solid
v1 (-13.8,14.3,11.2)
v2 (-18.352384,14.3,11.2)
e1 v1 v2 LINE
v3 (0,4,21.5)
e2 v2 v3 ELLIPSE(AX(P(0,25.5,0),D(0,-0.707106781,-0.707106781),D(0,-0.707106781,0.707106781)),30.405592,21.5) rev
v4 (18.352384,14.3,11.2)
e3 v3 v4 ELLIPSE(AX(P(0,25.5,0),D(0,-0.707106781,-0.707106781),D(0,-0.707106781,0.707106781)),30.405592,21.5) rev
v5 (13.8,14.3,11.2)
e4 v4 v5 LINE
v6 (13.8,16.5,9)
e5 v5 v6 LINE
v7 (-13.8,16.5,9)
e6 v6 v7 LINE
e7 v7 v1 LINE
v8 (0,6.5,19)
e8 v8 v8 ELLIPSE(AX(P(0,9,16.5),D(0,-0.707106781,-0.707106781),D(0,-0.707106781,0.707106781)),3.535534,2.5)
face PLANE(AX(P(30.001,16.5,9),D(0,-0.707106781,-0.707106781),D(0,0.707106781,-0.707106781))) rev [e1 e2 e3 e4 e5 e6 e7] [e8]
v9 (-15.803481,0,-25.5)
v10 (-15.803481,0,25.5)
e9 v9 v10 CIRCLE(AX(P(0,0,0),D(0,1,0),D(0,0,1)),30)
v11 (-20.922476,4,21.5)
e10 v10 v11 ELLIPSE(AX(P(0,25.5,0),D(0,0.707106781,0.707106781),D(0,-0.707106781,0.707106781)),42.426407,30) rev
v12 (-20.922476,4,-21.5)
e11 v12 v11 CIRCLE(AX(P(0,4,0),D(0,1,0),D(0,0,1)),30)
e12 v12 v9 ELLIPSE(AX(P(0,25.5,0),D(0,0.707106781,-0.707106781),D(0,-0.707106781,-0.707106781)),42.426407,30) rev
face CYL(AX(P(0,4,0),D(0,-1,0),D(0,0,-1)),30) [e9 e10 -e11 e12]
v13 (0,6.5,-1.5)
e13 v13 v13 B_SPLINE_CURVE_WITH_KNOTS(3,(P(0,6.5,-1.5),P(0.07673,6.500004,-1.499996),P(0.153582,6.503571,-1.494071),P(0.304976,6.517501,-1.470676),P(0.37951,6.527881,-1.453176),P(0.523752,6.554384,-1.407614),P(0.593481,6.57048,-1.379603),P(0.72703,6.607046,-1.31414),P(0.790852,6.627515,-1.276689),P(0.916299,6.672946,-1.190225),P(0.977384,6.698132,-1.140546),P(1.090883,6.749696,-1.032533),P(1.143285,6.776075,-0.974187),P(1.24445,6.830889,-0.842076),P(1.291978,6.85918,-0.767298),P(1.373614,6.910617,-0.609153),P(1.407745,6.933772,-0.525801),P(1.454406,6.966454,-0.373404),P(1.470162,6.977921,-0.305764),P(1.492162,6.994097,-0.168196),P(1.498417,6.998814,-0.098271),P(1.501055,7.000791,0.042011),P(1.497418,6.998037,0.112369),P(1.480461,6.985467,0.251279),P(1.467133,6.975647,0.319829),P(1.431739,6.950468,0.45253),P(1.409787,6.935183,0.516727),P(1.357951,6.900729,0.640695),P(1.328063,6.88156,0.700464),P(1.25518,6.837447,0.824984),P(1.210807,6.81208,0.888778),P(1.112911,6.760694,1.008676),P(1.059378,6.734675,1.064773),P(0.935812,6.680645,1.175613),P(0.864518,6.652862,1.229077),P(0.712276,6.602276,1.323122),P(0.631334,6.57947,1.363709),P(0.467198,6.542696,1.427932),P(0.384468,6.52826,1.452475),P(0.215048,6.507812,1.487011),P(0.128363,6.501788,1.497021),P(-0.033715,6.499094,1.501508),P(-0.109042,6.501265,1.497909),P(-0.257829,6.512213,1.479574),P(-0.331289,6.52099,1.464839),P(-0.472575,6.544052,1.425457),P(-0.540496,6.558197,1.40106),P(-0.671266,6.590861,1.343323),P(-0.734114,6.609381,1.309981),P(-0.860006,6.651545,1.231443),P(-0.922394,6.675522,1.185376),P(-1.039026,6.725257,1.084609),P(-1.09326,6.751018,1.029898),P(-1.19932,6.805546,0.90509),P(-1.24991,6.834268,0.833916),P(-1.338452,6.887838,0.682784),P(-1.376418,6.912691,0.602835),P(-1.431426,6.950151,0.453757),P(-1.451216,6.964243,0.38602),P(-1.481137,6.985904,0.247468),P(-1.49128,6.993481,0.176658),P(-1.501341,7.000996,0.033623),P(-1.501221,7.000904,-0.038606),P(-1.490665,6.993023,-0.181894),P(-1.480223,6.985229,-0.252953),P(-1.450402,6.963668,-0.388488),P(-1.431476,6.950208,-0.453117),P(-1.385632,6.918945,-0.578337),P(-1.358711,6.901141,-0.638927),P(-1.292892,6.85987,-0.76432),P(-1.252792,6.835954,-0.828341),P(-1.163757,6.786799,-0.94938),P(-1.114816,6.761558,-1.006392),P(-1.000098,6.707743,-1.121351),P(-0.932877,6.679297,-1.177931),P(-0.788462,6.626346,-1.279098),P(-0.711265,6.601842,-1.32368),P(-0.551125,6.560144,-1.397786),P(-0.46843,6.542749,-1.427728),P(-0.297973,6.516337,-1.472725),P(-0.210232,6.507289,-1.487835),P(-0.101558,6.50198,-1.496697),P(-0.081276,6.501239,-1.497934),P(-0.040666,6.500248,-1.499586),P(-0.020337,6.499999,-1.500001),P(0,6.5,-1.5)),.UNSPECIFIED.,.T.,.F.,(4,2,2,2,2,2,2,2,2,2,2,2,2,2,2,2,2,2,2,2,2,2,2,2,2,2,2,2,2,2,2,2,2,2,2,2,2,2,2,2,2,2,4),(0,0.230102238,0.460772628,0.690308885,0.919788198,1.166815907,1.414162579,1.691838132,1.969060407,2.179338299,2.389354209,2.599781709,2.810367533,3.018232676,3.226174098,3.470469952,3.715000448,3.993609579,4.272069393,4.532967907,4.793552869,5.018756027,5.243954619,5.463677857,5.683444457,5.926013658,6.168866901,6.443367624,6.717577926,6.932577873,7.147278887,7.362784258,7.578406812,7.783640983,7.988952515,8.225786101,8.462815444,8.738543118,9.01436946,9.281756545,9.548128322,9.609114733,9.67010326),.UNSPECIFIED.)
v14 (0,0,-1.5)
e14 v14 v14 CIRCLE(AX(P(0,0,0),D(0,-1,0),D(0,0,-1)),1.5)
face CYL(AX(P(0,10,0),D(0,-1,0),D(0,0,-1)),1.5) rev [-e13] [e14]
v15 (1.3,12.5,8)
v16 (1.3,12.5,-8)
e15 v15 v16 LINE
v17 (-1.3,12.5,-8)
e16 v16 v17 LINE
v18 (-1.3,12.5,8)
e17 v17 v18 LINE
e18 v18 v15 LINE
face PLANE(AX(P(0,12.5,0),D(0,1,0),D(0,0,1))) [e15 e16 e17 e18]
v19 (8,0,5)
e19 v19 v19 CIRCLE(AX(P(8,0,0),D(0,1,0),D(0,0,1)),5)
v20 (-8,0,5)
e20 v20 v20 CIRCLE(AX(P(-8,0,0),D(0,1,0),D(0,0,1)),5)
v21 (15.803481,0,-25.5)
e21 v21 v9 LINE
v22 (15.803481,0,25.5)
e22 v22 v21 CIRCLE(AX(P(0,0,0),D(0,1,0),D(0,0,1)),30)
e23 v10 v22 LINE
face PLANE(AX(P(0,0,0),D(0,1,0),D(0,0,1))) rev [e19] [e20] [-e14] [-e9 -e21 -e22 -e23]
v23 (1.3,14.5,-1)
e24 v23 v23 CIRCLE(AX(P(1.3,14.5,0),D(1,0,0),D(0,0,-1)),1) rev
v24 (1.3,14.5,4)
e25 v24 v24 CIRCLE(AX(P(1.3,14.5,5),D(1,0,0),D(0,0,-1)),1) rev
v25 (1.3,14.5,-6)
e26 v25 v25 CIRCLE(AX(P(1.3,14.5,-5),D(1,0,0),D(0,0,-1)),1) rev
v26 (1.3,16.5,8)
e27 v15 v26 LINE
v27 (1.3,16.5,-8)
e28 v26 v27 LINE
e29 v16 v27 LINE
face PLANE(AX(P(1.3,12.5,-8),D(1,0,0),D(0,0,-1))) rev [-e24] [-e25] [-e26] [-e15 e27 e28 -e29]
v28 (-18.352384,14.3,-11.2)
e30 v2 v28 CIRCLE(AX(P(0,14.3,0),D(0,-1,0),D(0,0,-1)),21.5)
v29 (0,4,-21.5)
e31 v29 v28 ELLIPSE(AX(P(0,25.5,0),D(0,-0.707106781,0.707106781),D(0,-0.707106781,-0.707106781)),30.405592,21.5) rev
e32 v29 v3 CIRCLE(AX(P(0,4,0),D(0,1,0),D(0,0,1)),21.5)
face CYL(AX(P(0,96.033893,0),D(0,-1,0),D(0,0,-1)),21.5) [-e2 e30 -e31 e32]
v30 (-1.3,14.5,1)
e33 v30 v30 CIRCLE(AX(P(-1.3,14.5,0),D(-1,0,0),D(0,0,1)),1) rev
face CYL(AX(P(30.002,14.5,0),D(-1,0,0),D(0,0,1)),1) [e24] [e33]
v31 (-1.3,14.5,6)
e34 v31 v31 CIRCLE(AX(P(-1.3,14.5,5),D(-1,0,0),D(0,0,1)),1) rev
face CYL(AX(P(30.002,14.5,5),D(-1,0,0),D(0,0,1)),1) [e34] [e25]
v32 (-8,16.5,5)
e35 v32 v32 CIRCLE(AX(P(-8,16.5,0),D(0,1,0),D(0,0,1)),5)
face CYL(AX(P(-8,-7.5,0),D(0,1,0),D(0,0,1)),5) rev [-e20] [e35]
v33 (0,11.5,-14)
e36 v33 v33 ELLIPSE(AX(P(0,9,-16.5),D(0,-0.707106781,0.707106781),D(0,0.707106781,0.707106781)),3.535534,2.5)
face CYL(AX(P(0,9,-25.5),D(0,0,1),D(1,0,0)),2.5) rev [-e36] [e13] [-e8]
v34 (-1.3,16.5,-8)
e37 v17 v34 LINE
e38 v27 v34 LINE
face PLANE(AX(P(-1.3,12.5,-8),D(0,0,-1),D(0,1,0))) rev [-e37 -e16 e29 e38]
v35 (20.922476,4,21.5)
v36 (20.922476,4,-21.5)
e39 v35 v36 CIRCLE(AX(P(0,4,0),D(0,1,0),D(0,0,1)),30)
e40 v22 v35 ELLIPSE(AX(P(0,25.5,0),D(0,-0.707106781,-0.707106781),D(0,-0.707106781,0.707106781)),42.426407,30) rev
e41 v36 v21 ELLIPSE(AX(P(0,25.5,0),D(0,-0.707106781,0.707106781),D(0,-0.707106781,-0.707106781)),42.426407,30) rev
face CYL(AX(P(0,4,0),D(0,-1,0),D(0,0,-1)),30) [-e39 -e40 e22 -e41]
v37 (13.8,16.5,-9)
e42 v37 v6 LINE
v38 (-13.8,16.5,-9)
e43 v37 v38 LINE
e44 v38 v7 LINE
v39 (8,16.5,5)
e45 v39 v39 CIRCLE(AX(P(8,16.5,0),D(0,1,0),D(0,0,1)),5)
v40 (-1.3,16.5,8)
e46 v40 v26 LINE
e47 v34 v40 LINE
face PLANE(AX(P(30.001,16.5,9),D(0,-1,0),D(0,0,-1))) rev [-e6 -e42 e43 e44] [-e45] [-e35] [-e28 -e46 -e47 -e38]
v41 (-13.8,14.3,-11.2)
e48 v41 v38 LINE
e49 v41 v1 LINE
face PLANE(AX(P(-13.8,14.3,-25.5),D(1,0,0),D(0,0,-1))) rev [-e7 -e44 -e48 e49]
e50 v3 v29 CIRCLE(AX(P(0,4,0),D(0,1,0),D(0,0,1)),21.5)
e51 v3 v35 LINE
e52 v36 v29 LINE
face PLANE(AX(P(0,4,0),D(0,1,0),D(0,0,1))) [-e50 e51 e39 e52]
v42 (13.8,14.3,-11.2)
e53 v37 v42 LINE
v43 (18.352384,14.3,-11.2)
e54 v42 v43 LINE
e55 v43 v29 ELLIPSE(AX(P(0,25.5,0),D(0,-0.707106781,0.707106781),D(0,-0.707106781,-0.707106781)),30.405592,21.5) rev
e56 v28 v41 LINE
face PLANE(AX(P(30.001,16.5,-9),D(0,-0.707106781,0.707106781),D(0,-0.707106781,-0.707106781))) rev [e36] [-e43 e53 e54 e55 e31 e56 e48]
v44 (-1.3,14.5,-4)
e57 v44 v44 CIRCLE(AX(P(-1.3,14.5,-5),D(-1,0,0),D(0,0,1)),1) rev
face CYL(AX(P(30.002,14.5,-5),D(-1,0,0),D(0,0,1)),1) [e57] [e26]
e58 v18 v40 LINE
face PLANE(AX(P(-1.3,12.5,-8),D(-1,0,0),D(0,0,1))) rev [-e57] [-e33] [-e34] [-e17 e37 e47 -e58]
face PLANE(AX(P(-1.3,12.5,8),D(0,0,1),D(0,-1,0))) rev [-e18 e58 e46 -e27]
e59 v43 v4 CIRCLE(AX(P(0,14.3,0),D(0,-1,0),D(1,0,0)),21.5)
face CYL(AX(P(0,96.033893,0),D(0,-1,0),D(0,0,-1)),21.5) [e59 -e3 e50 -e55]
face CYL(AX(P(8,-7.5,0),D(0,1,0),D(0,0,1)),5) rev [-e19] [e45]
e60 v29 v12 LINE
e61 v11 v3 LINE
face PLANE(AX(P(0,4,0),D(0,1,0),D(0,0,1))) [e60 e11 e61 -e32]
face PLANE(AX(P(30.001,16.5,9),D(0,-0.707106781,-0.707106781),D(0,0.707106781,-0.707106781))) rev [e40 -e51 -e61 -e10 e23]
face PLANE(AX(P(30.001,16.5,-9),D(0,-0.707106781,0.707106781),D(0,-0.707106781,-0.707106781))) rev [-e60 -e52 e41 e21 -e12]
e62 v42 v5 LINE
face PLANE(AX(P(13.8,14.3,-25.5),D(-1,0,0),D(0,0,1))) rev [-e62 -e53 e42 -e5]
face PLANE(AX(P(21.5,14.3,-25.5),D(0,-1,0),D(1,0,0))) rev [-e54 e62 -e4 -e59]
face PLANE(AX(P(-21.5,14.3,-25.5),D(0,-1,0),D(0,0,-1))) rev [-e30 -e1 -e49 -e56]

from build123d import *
from build123d.topology import SkipClean

# Parameters (mm, degrees)
SKETCH1_R                            = 30
BOSS_EXTRUDE1_DEPTH                  = 4
BOSS_EXTRUDE2_REACH                  = 44.615
BOSS_EXTRUDE2_END_RADIUS             = 30
BOSS_EXTRUDE2_DIRECTION_2_REACH      = 44.615
BOSS_EXTRUDE2_DIRECTION_2_END_RADIUS = 30
SKETCH3_OUTSIDE_W                    = 78.092
SKETCH3_OUTSIDE_H                    = 69.092
SKETCH3_OUTSIDE_R                    = 21.5
CUT_EXTRUDE2_DEPTH                   = 12.5
BOSS_EXTRUDE3_DEPTH                  = 18
BOSS_EXTRUDE4_DEPTH                  = 15
BOSS_EXTRUDE5_DEPTH                  = 15
CUT_EXTRUDE3_DEPTH                   = 44.292609069
CUT_EXTRUDE3_DEPTH_BACK              = 44.292609069
SKETCH8_R                            = 2
CUT_EXTRUDE8_DEPTH                   = 48.077064479
CUT_EXTRUDE8_DEPTH_BACK              = 48.077064479
CUT_EXTRUDE9_DEPTH                   = 59.659818207
CUT_EXTRUDE11_DEPTH                  = 20
CUT_EXTRUDE12_DEPTH                  = 20
CUT_EXTRUDE13_DEPTH                  = 20
CUT_EXTRUDE14_DEPTH                  = 44.292609069
CUT_EXTRUDE14_DEPTH_BACK             = 44.292609069
SKETCH25_W                           = 66.075437062
SKETCH25_H                           = 20.142243048
SKETCH26_R                           = 5
CUT_EXTRUDE15_DEPTH                  = 24
CUT_EXTRUDE17_DEPTH                  = 47.524187258
CUT_EXTRUDE17_DEPTH_BACK             = 47.524187258
SKETCH29_W                           = 7.7
SKETCH29_H                           = 2.2
CUT_EXTRUDE18_DEPTH                  = 47.524187258
CUT_EXTRUDE18_DEPTH_BACK             = 47.524187258
SKETCH31_W                           = 7.7
SKETCH31_H                           = 2.2
CUT_EXTRUDE20_DEPTH                  = 43.690748412
CUT_EXTRUDE20_DEPTH_BACK             = 43.690748412
SKETCH33_R                           = 2.5
SKETCH34_R                           = 1.5
CUT_EXTRUDE21_DEPTH                  = 10
SKETCH35_W                           = 2.6
SKETCH35_H                           = 16
CUT_EXTRUDE23_DEPTH                  = 4
BOSS_EXTRUDE6_REACH                  = 45.614
SKETCH37_R                           = 1


with BuildPart() as part:
    # Sketch1 → Boss-Extrude1 (new body)
    with BuildSketch(Plane(origin=(0, 0, 0), x_dir=(1, 0, 0), z_dir=(0, 1, 0))):
        with Locations(Location((0, 0, 0), (0, 0, 270))):
            Circle(SKETCH1_R)
    extrude(amount=BOSS_EXTRUDE1_DEPTH)

    # Boss-Extrude2: up to this cylinder (the profile starts inside it)
    with SkipClean():  # the faces are left unmerged after this step: merging them gives an invalid solid
        boss_extrude2_end = Plane(origin=(0, 9.396175, 0), z_dir=(0, -1, 0)) * Cylinder(BOSS_EXTRUDE2_END_RADIUS, 150.23, mode=Mode.PRIVATE)
        # Sketch2 → Boss-Extrude2 (add, up to the surface)
        with BuildSketch(Plane(origin=(0, 0, 0), x_dir=(0, 0, -1), z_dir=(1, 0, 0)), mode=Mode.PRIVATE) as boss_extrude2_sk1:
            Polygon((0, 4), (21.5, 4), (9, 16.5), (-9, 16.5), (-21.5, 4), align=None)
        boss_extrude2_tool1 = extrude(boss_extrude2_sk1.sketch, amount=BOSS_EXTRUDE2_REACH, mode=Mode.PRIVATE) & boss_extrude2_end
        add(boss_extrude2_tool1.solids().sort_by_distance((0, 9.396175, 0))[0])

    # Boss-Extrude2 direction 2: up to this cylinder (the profile starts inside it)
    with SkipClean():  # the faces are left unmerged after this step: merging them gives an invalid solid
        boss_extrude2_direction_2_end = Plane(origin=(0, 9.396175, 0), z_dir=(0, -1, 0)) * Cylinder(BOSS_EXTRUDE2_DIRECTION_2_END_RADIUS, 150.23, mode=Mode.PRIVATE)
        # Sketch2 → Boss-Extrude2 direction 2 (add, up to the surface)
        with BuildSketch(Plane(origin=(0, 0, 0), x_dir=(0, 0, -1), z_dir=(1, 0, 0)), mode=Mode.PRIVATE) as boss_extrude2_direction_2_sk1:
            Polygon((0, 4), (21.5, 4), (9, 16.5), (-9, 16.5), (-21.5, 4), align=None)
        boss_extrude2_direction_2_tool1 = extrude(boss_extrude2_direction_2_sk1.sketch, amount=-BOSS_EXTRUDE2_DIRECTION_2_REACH, mode=Mode.PRIVATE) & boss_extrude2_direction_2_end
        add(boss_extrude2_direction_2_tool1.solids().sort_by_distance((0, 9.396175, 0))[0])

    # SurfaceCut1
    split(bisect_by=Plane(origin=(0, 12.75, -12.75), x_dir=(1, 0, 0), z_dir=(0, 0.7071067811865558, -0.7071067811865392)), keep=Keep.BOTTOM)

    # SurfaceCut2
    split(bisect_by=Plane(origin=(0, 12.75, 12.75), x_dir=(1, 0, 0), z_dir=(0, 0.7071067811865509, 0.7071067811865442)), keep=Keep.BOTTOM)

    # Sketch3 outside → Cut-Extrude2 (cut)
    with BuildSketch(Plane(origin=(0, 4, 0), x_dir=(1, 0, 0), z_dir=(0, 1, 0))):
        Rectangle(SKETCH3_OUTSIDE_W, SKETCH3_OUTSIDE_H)
        Circle(SKETCH3_OUTSIDE_R, mode=Mode.SUBTRACT)
    extrude(amount=CUT_EXTRUDE2_DEPTH, mode=Mode.SUBTRACT)

    # Sketch5 → Boss-Extrude3 (add)
    with BuildSketch(Plane(origin=(0, 0, 0), x_dir=(-1, 0, 0), z_dir=(0, -1, 0))):
        Polygon((0, -6), (-17.5, -6), (-17.5, 6), (17.5, 6), (17.5, -6), align=None)
    extrude(amount=BOSS_EXTRUDE3_DEPTH)

    # Sketch6 → Boss-Extrude4 (add)
    with BuildSketch(Plane.XZ):
        Polygon((0, 15), (7, 15), (7, 6), (-7, 6), (-7, 15), align=None)
    extrude(amount=BOSS_EXTRUDE4_DEPTH)

    # Sketch7 → Boss-Extrude5 (add)
    with BuildSketch(Plane.XZ):
        Polygon((0, -15), (7, -15), (7, -6), (-7, -6), (-7, -15), align=None)
    extrude(amount=BOSS_EXTRUDE5_DEPTH)

    # Sketch8 → Cut-Extrude3 (cut, two sides: drawn at the far end of the back side and taken through both)
    with BuildSketch(Plane.XY.offset(-CUT_EXTRUDE3_DEPTH_BACK)):
        with Locations((-12.5, -12.5)):
            Circle(SKETCH8_R)
        with Locations((12.5, -12.5)):
            Circle(SKETCH8_R)
    extrude(amount=CUT_EXTRUDE3_DEPTH + CUT_EXTRUDE3_DEPTH_BACK, mode=Mode.SUBTRACT)

    # Sketch16 → Cut-Extrude8 (cut, two sides: drawn at the far end of the back side and taken through both)
    with BuildSketch(Plane.XY.offset(6).offset(-CUT_EXTRUDE8_DEPTH_BACK)):
        Polygon((17.5, -18), (17.5, -14.5), (14, -18), align=None)
        Polygon((-17.5, -18), (-14, -18), (-17.5, -14.5), align=None)
    extrude(amount=CUT_EXTRUDE8_DEPTH + CUT_EXTRUDE8_DEPTH_BACK, mode=Mode.SUBTRACT)

    # Sketch17 → Cut-Extrude9 (cut, through all)
    with BuildSketch(Plane(origin=(10.365975269, -9.674910251, -8.062425209), x_dir=(-0.3613483622370374, 0.337258471421235, -0.8693009171531012), z_dir=(0.6355070151731325, -0.5931398808282571, -0.49428323402354774))):
        Polygon((-2.372510104, -6.189601271), (7.980636686, -0.706686759), (7.980636686, -10.965829024), align=None)
    extrude(amount=CUT_EXTRUDE9_DEPTH, mode=Mode.SUBTRACT)

    # Sketch19 → Cut-Extrude11 (cut)
    with BuildSketch(Plane(origin=(-10.365975269, -9.674910251, -8.062425209), x_dir=(0.3613483622370374, 0.33725847142123494, -0.8693009171531012), z_dir=(0.6355070151731324, 0.5931398808282571, 0.4942832340235476))):
        Polygon((-2.372510104, -6.189601271), (7.980636686, -10.965829024), (7.980636686, -0.706686759), align=None)
    extrude(amount=-CUT_EXTRUDE11_DEPTH, mode=Mode.SUBTRACT)

    # Sketch20 → Cut-Extrude12 (cut)
    with BuildSketch(Plane(origin=(-10.365975269, -9.674910251, 8.062425209), x_dir=(-0.3613483622370374, -0.3372584714212349, -0.8693009171531013), z_dir=(0.6355070151731326, 0.593139880828257, -0.49428323402354757))):
        Polygon((2.372510104, -6.189601271), (-7.980636686, -0.706686759), (-7.980636686, -10.965829024), align=None)
    extrude(amount=-CUT_EXTRUDE12_DEPTH, mode=Mode.SUBTRACT)

    # Sketch21 → Cut-Extrude13 (cut)
    with BuildSketch(Plane(origin=(10.365975269, -9.674910251, 8.062425209), x_dir=(-0.3613483622370374, 0.3372584714212349, 0.8693009171531013), z_dir=(-0.6355070151731326, 0.593139880828257, -0.49428323402354757))):
        Polygon((-2.372510104, -6.189601271), (7.980636686, -0.706686759), (7.980636686, -10.965829024), align=None)
    extrude(amount=-CUT_EXTRUDE13_DEPTH, mode=Mode.SUBTRACT)

    # Sketch25 → Cut-Extrude14 (cut, two sides: drawn at the far end of the back side and taken through both)
    with BuildSketch(Plane.XY.offset(-CUT_EXTRUDE14_DEPTH_BACK)):
        with Locations((0, -10.071121524)):
            Rectangle(SKETCH25_W, SKETCH25_H)
    extrude(amount=CUT_EXTRUDE14_DEPTH + CUT_EXTRUDE14_DEPTH_BACK, mode=Mode.SUBTRACT)

    # Sketch26 → Cut-Extrude15 (cut)
    with BuildSketch(Plane(origin=(0, 16.5, 0), x_dir=(1, 0, 0), z_dir=(0, 1, 0))):
        with Locations(Location((-8, 0, 0), (0, 0, 270))):
            Circle(SKETCH26_R)
        with Locations(Location((8, 0, 0), (0, 0, 270))):
            Circle(SKETCH26_R)
    extrude(amount=-CUT_EXTRUDE15_DEPTH, mode=Mode.SUBTRACT)

    # Sketch29 → Cut-Extrude17 (cut, two sides: drawn at the far end of the back side and taken through both)
    with BuildSketch(Plane.XY.offset(6).offset(-CUT_EXTRUDE17_DEPTH_BACK)):
        with Locations((17.65, 15.4)):
            Rectangle(SKETCH29_W, SKETCH29_H)
    extrude(amount=CUT_EXTRUDE17_DEPTH + CUT_EXTRUDE17_DEPTH_BACK, mode=Mode.SUBTRACT)

    # Sketch31 → Cut-Extrude18 (cut, two sides: drawn at the far end of the back side and taken through both)
    with BuildSketch(Plane.XY.offset(6).offset(-CUT_EXTRUDE18_DEPTH_BACK)):
        with Locations((-17.65, 15.4)):
            Rectangle(SKETCH31_W, SKETCH31_H)
    extrude(amount=CUT_EXTRUDE18_DEPTH + CUT_EXTRUDE18_DEPTH_BACK, mode=Mode.SUBTRACT)

    # Sketch33 → Cut-Extrude20 (cut, two sides: drawn at the far end of the back side and taken through both)
    with BuildSketch(Plane.XY.offset(-CUT_EXTRUDE20_DEPTH_BACK)):
        with Locations(Location((0, 9, 0), (0, 0, 270))):
            Circle(SKETCH33_R)
    extrude(amount=CUT_EXTRUDE20_DEPTH + CUT_EXTRUDE20_DEPTH_BACK, mode=Mode.SUBTRACT)

    # Sketch34 → Cut-Extrude21 (cut)
    with BuildSketch(Plane.XZ):
        with Locations(Location((0, 0, 0), (0, 0, 270))):
            Circle(SKETCH34_R)
    extrude(amount=-CUT_EXTRUDE21_DEPTH, mode=Mode.SUBTRACT)

    # Sketch35 → Cut-Extrude23 (cut)
    with BuildSketch(Plane(origin=(0, 16.5, 0), x_dir=(1, 0, 0), z_dir=(0, 1, 0))):
        Rectangle(SKETCH35_W, SKETCH35_H)
    extrude(amount=-CUT_EXTRUDE23_DEPTH, mode=Mode.SUBTRACT)

    # Sketch37 → Boss-Extrude6 (add, up to next)
    with BuildSketch(Plane(origin=(-1.3, 0, 0), x_dir=(0, 0, -1), z_dir=(1, 0, 0)), mode=Mode.PRIVATE) as boss_extrude6_sk1:
        with Locations(Location((-5, 14.5, 0), (0, 0, 180))):
            Circle(SKETCH37_R)
    boss_extrude6_tool1 = extrude(boss_extrude6_sk1.sketch, amount=BOSS_EXTRUDE6_REACH, mode=Mode.PRIVATE) - part.part
    # Sketch37 → Boss-Extrude6 (add, up to next)
    with BuildSketch(Plane(origin=(-1.3, 0, 0), x_dir=(0, 0, -1), z_dir=(1, 0, 0)), mode=Mode.PRIVATE) as boss_extrude6_sk2:
        with Locations(Location((0, 14.5, 0), (0, 0, 180))):
            Circle(SKETCH37_R)
    boss_extrude6_tool2 = extrude(boss_extrude6_sk2.sketch, amount=BOSS_EXTRUDE6_REACH, mode=Mode.PRIVATE) - part.part
    # Sketch37 → Boss-Extrude6 (add, up to next)
    with BuildSketch(Plane(origin=(-1.3, 0, 0), x_dir=(0, 0, -1), z_dir=(1, 0, 0)), mode=Mode.PRIVATE) as boss_extrude6_sk3:
        with Locations(Location((5, 14.5, 0), (0, 0, 180))):
            Circle(SKETCH37_R)
    boss_extrude6_tool3 = extrude(boss_extrude6_sk3.sketch, amount=BOSS_EXTRUDE6_REACH, mode=Mode.PRIVATE) - part.part
    add(boss_extrude6_tool1.solids().sort_by_distance((-1.3, 14.5, 5))[0])
    add(boss_extrude6_tool2.solids().sort_by_distance((-1.3, 14.5, 0))[0])
    add(boss_extrude6_tool3.solids().sort_by_distance((-1.3, 14.5, -5))[0])


solid = part.part
